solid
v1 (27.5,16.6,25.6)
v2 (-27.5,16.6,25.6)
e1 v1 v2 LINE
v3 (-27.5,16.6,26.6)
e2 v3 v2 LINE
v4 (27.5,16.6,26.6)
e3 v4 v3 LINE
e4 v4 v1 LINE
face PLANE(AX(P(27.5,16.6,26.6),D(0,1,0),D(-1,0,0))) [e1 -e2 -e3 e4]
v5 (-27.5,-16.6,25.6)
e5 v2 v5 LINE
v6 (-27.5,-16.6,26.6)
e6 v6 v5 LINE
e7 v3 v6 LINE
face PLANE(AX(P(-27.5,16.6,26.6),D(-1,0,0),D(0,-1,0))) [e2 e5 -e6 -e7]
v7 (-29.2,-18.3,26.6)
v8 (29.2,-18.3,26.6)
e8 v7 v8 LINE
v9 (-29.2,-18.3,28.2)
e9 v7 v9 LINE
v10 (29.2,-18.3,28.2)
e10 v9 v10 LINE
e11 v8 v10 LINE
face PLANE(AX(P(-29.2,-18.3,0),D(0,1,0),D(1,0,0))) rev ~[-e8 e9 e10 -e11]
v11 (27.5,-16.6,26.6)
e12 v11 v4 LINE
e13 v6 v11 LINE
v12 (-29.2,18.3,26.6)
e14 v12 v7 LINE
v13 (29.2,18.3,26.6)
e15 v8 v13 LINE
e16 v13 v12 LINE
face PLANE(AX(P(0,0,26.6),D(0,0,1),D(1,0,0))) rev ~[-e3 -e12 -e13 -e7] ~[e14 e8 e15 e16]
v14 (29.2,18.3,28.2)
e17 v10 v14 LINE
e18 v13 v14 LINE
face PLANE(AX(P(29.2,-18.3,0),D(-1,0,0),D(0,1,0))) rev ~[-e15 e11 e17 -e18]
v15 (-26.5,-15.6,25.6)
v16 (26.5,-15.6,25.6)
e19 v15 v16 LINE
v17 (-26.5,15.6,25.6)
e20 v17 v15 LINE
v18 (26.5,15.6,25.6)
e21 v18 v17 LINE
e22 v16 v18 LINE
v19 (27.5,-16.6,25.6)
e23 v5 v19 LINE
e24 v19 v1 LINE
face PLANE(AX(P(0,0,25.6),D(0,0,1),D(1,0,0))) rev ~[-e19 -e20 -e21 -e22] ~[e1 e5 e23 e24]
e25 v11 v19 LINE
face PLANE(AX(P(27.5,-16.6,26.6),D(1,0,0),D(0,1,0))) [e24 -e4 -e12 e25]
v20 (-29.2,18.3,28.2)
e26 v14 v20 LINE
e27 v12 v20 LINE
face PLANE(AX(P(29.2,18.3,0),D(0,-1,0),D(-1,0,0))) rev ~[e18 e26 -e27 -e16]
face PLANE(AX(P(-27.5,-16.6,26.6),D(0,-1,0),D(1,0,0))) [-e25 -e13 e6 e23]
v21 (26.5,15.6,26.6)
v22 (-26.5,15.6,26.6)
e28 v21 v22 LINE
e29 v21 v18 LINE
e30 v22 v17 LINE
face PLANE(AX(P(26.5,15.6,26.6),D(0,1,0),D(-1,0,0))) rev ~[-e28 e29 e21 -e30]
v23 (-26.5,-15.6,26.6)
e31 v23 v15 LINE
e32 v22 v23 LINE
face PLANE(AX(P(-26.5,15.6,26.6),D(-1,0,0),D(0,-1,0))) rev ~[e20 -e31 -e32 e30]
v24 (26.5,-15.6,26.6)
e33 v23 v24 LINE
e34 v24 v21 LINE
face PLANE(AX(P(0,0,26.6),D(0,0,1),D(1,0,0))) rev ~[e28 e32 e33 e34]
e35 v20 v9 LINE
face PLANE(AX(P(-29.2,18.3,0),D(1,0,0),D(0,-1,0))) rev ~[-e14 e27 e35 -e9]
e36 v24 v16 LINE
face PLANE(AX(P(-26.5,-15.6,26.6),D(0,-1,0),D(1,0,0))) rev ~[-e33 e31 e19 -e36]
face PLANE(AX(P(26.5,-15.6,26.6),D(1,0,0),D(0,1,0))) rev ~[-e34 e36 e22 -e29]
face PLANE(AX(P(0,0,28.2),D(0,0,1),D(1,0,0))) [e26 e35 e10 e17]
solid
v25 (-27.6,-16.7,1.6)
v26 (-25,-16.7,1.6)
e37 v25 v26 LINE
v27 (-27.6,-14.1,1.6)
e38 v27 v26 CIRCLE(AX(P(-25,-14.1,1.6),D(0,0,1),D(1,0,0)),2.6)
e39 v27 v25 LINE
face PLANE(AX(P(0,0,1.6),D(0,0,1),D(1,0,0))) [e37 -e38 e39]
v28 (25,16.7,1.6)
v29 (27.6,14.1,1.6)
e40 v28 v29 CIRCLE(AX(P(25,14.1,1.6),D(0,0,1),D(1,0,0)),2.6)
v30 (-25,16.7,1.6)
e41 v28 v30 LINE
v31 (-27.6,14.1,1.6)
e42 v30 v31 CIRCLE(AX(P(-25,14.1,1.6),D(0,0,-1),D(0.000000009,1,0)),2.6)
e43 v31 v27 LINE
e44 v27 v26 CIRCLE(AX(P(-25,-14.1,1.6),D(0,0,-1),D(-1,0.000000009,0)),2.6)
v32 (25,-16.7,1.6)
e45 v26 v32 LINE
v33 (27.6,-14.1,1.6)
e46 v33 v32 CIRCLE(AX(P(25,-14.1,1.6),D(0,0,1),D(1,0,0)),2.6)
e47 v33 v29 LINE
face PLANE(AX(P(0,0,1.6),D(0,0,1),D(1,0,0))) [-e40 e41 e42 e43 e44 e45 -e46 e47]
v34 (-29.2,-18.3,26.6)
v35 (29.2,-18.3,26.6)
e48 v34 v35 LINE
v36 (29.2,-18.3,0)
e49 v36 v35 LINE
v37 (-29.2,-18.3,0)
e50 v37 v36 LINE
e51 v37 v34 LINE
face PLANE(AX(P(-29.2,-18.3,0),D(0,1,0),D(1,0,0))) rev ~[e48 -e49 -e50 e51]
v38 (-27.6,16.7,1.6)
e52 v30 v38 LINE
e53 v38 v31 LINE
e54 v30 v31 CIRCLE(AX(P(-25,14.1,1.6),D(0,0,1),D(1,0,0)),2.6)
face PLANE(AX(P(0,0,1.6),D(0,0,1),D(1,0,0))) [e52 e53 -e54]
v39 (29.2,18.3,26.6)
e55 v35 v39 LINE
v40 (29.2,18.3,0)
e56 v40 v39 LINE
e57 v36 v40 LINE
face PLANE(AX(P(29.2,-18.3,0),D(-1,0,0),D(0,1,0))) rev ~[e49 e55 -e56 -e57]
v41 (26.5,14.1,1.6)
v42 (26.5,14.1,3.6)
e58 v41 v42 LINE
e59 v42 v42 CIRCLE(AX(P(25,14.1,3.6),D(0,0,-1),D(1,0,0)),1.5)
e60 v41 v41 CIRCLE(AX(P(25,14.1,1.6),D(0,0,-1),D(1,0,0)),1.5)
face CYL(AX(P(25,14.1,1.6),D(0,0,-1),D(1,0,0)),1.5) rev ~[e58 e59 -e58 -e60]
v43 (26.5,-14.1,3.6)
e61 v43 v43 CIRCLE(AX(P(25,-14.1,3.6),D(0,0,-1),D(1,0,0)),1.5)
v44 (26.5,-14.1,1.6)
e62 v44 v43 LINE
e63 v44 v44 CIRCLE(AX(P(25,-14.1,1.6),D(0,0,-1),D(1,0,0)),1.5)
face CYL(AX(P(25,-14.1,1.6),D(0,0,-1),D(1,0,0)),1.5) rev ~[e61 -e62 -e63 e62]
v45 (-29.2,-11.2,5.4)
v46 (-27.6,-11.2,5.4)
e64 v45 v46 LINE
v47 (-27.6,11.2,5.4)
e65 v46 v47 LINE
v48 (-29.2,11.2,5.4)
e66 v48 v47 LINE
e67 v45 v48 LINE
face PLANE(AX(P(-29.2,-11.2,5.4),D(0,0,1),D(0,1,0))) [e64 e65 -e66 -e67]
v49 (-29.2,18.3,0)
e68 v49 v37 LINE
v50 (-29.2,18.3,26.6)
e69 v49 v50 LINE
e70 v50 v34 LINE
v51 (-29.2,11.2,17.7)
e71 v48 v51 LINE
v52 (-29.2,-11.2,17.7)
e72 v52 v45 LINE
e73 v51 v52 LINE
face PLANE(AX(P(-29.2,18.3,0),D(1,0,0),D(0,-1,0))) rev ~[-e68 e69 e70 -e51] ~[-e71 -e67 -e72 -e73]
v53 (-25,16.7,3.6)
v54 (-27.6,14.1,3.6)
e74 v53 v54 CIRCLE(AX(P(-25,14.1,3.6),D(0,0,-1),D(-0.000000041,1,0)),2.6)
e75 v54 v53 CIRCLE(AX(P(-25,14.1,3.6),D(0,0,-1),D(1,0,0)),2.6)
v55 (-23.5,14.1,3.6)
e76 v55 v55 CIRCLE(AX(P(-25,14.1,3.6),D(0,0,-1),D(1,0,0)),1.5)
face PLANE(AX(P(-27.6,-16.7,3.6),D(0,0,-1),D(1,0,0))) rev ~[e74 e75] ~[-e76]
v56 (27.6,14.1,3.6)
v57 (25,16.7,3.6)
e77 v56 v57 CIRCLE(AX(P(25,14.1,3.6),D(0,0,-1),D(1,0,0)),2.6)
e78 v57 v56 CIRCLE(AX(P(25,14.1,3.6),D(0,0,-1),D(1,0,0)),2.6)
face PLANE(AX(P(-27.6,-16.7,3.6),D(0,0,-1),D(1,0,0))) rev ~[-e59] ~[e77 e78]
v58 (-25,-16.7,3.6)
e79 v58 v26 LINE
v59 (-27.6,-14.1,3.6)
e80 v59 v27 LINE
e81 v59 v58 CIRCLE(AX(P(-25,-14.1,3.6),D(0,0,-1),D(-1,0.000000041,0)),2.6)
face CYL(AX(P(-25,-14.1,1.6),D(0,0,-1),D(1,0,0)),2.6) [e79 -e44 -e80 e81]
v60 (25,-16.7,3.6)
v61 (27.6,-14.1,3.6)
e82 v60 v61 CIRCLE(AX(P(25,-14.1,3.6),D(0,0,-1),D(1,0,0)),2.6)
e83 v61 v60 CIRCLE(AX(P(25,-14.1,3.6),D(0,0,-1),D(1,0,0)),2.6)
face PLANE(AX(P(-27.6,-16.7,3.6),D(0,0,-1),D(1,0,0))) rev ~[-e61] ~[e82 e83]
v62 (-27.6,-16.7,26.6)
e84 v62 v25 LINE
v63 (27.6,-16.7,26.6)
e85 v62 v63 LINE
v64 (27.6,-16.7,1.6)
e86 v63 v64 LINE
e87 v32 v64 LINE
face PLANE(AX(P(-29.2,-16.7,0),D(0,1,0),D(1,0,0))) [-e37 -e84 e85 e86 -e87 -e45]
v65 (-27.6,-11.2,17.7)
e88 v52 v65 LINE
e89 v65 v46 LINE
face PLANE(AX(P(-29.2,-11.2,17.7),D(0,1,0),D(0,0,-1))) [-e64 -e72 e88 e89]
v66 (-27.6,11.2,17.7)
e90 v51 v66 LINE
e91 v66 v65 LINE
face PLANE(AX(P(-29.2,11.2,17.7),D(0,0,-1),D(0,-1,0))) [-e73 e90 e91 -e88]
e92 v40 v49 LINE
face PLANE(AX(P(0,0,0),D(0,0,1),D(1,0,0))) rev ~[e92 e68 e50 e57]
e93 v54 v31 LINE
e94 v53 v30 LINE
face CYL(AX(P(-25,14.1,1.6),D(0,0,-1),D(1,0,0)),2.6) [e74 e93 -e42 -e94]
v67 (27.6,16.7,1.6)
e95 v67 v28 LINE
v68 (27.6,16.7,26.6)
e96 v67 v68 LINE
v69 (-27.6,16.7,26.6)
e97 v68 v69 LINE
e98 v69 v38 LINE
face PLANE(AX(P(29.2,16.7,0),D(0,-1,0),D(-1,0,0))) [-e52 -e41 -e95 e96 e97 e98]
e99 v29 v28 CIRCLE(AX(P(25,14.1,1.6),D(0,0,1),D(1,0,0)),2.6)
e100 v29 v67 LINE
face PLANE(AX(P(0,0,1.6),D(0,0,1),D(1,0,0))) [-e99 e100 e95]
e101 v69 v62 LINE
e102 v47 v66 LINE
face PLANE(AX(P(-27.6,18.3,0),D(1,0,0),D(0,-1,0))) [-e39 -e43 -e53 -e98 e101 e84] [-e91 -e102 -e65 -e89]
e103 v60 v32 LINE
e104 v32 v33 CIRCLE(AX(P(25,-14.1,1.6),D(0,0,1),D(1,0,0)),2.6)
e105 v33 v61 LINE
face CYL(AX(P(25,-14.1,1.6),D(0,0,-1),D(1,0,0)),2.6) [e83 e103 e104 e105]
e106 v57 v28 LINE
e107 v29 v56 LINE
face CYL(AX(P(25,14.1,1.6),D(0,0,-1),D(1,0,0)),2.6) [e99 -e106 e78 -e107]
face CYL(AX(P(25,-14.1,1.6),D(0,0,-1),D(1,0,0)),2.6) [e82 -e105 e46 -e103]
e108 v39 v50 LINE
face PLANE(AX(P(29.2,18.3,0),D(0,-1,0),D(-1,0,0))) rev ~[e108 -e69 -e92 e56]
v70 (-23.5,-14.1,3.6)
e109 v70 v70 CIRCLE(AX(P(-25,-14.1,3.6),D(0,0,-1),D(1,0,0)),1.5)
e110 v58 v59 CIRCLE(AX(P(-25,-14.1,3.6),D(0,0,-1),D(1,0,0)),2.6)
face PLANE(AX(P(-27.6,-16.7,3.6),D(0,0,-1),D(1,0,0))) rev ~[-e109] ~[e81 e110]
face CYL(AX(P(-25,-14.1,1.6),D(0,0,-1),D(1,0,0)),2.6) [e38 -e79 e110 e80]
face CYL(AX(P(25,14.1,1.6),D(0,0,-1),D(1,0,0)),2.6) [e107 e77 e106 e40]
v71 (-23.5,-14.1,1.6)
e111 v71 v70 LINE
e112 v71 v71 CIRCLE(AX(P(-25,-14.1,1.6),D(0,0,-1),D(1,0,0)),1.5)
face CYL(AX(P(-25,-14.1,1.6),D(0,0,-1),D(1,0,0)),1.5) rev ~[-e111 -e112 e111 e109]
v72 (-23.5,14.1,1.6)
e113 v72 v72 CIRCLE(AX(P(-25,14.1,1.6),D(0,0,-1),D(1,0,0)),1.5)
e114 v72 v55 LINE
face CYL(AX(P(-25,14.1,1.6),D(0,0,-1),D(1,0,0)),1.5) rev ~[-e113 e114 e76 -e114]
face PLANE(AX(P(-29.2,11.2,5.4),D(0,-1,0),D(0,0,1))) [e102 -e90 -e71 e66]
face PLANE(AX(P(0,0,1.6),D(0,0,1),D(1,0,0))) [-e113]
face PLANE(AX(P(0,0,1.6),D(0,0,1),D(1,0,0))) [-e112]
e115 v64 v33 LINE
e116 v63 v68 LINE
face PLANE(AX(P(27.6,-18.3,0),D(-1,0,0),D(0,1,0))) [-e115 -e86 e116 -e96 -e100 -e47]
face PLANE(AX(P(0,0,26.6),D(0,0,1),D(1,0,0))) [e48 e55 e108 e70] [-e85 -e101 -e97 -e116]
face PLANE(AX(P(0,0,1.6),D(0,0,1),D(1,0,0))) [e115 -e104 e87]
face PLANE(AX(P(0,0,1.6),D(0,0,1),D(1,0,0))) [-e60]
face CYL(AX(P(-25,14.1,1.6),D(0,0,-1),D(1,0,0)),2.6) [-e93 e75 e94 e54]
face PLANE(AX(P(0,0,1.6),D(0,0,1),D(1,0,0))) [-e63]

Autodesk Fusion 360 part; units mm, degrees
sketch "Base" plane through (0, 0, 0) normal (0, 0, 1) x (1, 0, 0)
  line L0 (29.2, 18.3) -> (-29.2, 18.3)
  line L1 (-29.2, 18.3) -> (-29.2, -18.3)
  line L2 (-29.2, -18.3) -> (29.2, -18.3)
  line L3 (29.2, -18.3) -> (29.2, 18.3)
  line L4 (29.2, 18.3) -> (-29.2, -18.3) construction
  line L5 (-29.2, 18.3) -> (29.2, -18.3) construction
  point P0 (-29.2, 0)
  dimension "d1" = 58.4
  dimension "d2" = 36.6
extrude "Extrusion1" add sketch "Base" along normal blind 28.2 makes body 1
shell "Schale1" thickness 1.6 removed faces 0 bodies 1
ref_plane "Arbeitsebene1" through (-27.6, -16.7, 1.6) normal (0, 0, -1) x (-1, 0, 0)
sketch "Skizze3" plane through (-27.6, -16.7, 1.6) normal (0, 0, -1) x (1, 0, 0)
  line L0 (0, 0) -> (55.2, 0)
  line L1 (0, -33.4) -> (0, 0)
  circle A0 centre (2.6, -2.6) radius 2.6
  line L2 (55.2, -33.4) -> (0, -33.4)
  circle A1 centre (2.6, -30.8) radius 2.6
  line L3 (55.2, 0) -> (55.2, -33.4)
  circle A2 centre (52.6, -30.8) radius 2.6
  circle A3 centre (52.6, -2.6) radius 2.6
  circle A4 centre (2.6, -2.6) radius 1.5
  circle A5 centre (2.6, -30.8) radius 1.5
  circle A6 centre (52.6, -30.8) radius 1.5
  circle A7 centre (52.6, -2.6) radius 1.5
  dimension "d7" = 2.6
  dimension "d8" = 2.6
  dimension "d9" = 2.6
  dimension "d10" = 2.6
  dimension "d19" = 3
  dimension "d20" = 3
  dimension "d21" = 3
  dimension "d22" = 3
extrude "Extrusion2" add sketch "Skizze3" against normal blind 2 contours A0 | A3 | A1 | A2 bodies 1
sketch "Hole" plane through (-29.2, 0, 0) normal (-1, 0, 0) x (0, -1, 0)
  line L0 (-18.3, 0) -> (18.3, 0)
  line L1 (18.3, 0) -> (18.3, 28.2)
  line L2 (18.3, 28.2) -> (-18.3, 28.2)
  line L3 (-18.3, 28.2) -> (-18.3, 0)
  line L4 (-11.2, 17.7) -> (11.2, 17.7)
  line L5 (11.2, 17.7) -> (11.2, 5.4)
  line L6 (11.2, 5.4) -> (-11.2, 5.4)
  line L7 (-11.2, 5.4) -> (-11.2, 17.7)
  line L8 (14.1, 1.6) -> (16.7, 1.6)
  line L9 (-14.1, 1.6) -> (14.1, 1.6)
  line L10 (-16.7, 1.6) -> (-14.1, 1.6)
  point P0 (0, 5.4)
  dimension "d13" = 22.4
  dimension "d14" = 12.3
extrude "Extrusion3" cut sketch "Hole" against normal blind 1.6 contours L4 L5 L6 L7 bodies 1
ref_plane "Arbeitsebene2" through (0, 0, 26.6) normal (0, 0, 1) x (1, 0, 0)
split "Teilen1" by plane through (0, 0, 26.6) normal (0, 0, 1) bodies 1 makes body 2 at (-9.7333, -6.1, 28.2)
sketch "Skizze6" plane through (0, 0, 26.6) normal (0, 0, 1) x (1, 0, 0)
  line L0 (27.6, -16.7) -> (-27.6, -16.7)
  line L1 (-27.6, -16.7) -> (-27.6, 16.7)
  line L2 (-27.6, 16.7) -> (27.6, 16.7)
  line L3 (27.6, 16.7) -> (27.6, -16.7)
  line L4 (-29.2, -18.3) -> (29.2, -18.3)
  line L5 (29.2, -18.3) -> (29.2, 18.3)
  line L6 (29.2, 18.3) -> (-29.2, 18.3)
  line L7 (-29.2, 18.3) -> (-29.2, -18.3)
sketch "Skizze7" plane through (0, 0, 26.6) normal (0, 0, 1) x (1, 0, 0)
  line L0 (29.2, -18.3) -> (-29.2, -18.3)
  line L1 (-29.2, -18.3) -> (-29.2, 18.3)
  line L2 (-29.2, 18.3) -> (29.2, 18.3)
  line L3 (29.2, 18.3) -> (29.2, -18.3)
  line L4 (-27.6, -16.7) -> (27.6, -16.7)
  line L5 (27.6, -16.7) -> (27.6, 16.7)
  line L6 (27.6, 16.7) -> (-27.6, 16.7)
  line L7 (-27.6, 16.7) -> (-27.6, -16.7)
  line L8 (-27.5, 16.6) -> (-27.5, -16.6)
  line L9 (-27.5, -16.6) -> (27.5, -16.6)
  line L10 (27.5, -16.6) -> (27.5, 16.6)
  line L11 (27.5, 16.6) -> (-27.5, 16.6)
  line L12 (27.6, -16.7) -> (-27.6, -16.7)
  line L13 (-27.6, -16.7) -> (-27.6, 16.7)
  line L14 (-27.6, 16.7) -> (27.6, 16.7)
  line L15 (27.6, 16.7) -> (27.6, -16.7)
  line L16 (-29.2, -18.3) -> (29.2, -18.3)
  line L17 (29.2, -18.3) -> (29.2, 18.3)
  line L18 (29.2, 18.3) -> (-29.2, 18.3)
  line L19 (-29.2, 18.3) -> (-29.2, -18.3)
  line L20 (26.5, -15.6) -> (26.5, 15.6)
  line L21 (26.5, 15.6) -> (-26.5, 15.6)
  line L22 (-26.5, 15.6) -> (-26.5, -15.6)
  line L23 (-26.5, -15.6) -> (26.5, -15.6)
  point P0 (-27.6, -16.7)
  dimension "d24" = -0.1
  dimension "d25" = -1.1
extrude "Extrusion4" add sketch "Skizze7" against normal blind 1 contours L8 L9 L10 L11 bodies 2
equation "d1 = 55.2 mm + 2 * wall_thickness"
equation "d2 = 33.4 mm + 2 * wall_thickness"
equation "d3 = 25 mm + 2 * wall_thickness"
equation "d5 = wall_thickness"
equation "wall_thickness = 1.6 mm"
equation "d17 = -wall_thickness"
equation "d23 = -wall_thickness"
